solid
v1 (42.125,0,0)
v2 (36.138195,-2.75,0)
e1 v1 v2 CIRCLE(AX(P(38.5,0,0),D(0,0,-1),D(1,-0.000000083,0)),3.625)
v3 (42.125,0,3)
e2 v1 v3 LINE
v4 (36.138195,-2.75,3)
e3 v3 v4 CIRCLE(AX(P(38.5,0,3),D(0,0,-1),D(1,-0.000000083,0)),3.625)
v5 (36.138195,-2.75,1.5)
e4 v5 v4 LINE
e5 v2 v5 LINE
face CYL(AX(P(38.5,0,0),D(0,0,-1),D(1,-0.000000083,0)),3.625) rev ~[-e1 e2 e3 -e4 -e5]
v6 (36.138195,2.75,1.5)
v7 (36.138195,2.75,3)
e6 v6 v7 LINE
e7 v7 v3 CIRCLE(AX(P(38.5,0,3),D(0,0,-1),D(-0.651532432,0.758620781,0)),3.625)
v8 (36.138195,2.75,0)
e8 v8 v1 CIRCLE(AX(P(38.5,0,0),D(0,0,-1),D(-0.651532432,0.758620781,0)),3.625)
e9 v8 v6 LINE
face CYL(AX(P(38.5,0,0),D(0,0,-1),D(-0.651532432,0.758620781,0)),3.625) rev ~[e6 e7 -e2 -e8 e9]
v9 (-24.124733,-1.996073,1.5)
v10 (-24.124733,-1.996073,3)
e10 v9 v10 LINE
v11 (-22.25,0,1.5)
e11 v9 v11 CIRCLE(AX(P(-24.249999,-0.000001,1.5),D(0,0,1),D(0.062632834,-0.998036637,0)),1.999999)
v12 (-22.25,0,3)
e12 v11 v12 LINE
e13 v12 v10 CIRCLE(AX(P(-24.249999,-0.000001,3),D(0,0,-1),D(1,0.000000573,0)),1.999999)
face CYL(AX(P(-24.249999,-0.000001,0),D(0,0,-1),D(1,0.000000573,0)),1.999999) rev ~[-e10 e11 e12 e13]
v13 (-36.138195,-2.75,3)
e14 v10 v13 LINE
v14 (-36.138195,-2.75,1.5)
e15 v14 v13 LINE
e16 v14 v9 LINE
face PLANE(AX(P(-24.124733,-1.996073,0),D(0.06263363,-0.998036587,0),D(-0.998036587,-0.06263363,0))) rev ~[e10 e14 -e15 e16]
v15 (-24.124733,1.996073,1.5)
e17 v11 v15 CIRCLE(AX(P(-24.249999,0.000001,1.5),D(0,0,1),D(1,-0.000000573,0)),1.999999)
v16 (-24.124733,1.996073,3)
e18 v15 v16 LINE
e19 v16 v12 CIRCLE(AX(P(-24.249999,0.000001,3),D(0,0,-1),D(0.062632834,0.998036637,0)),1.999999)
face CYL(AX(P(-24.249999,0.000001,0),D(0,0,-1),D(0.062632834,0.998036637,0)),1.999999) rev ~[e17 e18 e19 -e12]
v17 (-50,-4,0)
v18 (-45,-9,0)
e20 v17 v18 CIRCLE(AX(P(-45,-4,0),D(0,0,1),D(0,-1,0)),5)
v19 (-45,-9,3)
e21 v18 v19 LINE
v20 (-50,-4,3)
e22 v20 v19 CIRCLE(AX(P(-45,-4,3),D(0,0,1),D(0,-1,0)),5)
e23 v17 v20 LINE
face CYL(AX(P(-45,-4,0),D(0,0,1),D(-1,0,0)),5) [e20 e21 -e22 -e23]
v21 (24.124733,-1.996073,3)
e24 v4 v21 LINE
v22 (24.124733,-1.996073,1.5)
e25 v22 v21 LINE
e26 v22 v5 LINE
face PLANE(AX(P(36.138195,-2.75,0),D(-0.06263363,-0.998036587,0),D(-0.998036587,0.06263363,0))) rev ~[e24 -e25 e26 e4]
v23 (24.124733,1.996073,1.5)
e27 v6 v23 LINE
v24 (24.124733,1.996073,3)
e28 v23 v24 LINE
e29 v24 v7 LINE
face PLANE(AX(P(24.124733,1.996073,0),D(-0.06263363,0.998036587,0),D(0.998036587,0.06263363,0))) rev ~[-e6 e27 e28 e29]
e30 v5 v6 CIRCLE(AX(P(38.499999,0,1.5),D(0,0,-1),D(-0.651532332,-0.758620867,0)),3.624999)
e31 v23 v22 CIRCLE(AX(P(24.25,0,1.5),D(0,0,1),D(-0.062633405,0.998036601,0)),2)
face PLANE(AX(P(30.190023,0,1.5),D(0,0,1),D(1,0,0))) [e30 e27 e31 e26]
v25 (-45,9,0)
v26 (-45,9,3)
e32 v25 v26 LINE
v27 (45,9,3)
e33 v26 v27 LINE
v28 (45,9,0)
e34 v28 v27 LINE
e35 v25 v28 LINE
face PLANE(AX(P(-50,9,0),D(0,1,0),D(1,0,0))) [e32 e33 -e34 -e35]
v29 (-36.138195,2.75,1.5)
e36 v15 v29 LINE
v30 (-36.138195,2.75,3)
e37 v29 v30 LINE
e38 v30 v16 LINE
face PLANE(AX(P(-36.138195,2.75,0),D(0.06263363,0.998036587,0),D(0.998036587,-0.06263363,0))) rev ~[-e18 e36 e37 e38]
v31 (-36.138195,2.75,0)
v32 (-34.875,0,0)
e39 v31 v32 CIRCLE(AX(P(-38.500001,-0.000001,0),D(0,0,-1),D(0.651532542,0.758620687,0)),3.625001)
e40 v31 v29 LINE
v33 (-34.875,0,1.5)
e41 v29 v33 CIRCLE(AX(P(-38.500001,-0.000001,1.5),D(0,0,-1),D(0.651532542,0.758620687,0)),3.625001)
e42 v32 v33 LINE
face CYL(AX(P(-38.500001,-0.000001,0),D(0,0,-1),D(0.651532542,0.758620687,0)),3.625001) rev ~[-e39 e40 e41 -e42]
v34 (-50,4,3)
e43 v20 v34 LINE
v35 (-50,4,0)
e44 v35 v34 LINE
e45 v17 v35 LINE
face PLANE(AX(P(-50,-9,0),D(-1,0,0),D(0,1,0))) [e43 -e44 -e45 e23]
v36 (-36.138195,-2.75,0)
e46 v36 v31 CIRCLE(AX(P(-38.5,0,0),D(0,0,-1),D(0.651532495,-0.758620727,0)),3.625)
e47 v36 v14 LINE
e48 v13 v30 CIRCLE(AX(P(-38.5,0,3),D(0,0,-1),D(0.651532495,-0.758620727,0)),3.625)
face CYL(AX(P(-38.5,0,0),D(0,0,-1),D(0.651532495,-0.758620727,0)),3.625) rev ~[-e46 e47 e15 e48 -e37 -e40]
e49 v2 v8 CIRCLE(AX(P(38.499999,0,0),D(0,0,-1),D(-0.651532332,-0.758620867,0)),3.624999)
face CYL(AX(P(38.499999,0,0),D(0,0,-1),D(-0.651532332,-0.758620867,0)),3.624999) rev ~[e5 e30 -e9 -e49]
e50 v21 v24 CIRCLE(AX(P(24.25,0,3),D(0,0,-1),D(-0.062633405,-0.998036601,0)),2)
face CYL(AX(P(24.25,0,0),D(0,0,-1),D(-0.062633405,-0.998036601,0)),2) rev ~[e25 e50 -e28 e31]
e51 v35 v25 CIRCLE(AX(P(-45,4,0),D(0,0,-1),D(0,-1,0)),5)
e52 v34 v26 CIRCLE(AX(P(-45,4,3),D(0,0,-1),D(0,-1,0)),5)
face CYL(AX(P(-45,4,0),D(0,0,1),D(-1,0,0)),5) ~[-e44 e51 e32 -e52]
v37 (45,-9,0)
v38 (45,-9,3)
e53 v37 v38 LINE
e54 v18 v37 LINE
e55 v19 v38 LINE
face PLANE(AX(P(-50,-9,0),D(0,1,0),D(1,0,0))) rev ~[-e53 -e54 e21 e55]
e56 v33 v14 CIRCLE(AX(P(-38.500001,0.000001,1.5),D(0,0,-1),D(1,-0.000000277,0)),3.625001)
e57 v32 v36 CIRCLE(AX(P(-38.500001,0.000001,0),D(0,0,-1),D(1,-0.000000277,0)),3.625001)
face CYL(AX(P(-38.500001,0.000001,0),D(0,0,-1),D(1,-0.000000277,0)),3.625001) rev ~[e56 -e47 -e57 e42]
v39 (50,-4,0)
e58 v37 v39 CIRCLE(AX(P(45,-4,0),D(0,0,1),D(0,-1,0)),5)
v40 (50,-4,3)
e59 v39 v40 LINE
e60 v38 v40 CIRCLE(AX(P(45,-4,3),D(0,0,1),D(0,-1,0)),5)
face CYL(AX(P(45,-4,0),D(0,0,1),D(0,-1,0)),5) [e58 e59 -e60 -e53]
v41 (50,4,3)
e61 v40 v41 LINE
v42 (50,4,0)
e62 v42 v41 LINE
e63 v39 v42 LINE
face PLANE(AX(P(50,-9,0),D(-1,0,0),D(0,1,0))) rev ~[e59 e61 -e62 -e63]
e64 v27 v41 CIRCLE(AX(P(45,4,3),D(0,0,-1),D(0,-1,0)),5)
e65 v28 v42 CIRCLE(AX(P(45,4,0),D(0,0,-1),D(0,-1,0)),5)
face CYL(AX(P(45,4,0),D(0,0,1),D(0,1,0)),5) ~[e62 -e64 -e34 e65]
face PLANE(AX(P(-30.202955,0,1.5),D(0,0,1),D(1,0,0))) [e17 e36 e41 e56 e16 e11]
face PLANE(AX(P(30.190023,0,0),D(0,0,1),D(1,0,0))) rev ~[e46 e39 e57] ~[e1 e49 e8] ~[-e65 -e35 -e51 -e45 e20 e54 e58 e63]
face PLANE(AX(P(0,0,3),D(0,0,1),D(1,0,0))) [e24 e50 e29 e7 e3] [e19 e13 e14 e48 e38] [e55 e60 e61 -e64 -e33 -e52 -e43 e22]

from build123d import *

# Parameters (mm, degrees)
F0_W     = 100
F0_H     = 18
F1_DEPTH = 3
F2_R     = 5
F3_DEPTH = 1.5
F4_DEPTH = 1.5


with BuildPart() as f1:
    # F0 (on Top) → F1 (new body)
    with BuildSketch(Plane.XY):
        Rectangle(F0_W, F0_H)
        with BuildLine():
            ThreePointArc((-36.138195, -2.75), (-42.125, 0), (-36.138195, 2.75))
            Line((-36.138195, 2.75), (-24.124733, 1.996073))
            ThreePointArc((-24.124733, 1.996073), (-22.79217, 1.369209), (-22.25, 0))
            ThreePointArc((-22.25, 0), (-22.79217, -1.369209), (-24.124733, -1.996073))
            Line((-24.124733, -1.996073), (-36.138195, -2.75))
        make_face(mode=Mode.SUBTRACT)
        with BuildLine():
            ThreePointArc((36.138195, 2.75), (40.013123, 3.294098), (42.125, 0))
            ThreePointArc((42.125, 0), (40.013123, -3.294098), (36.138195, -2.75))
            Line((36.138195, -2.75), (24.124733, -1.996073))
            ThreePointArc((24.124733, -1.996073), (22.25, 0), (24.124733, 1.996073))
            Line((24.124733, 1.996073), (36.138195, 2.75))
        make_face(mode=Mode.SUBTRACT)
    extrude(amount=F1_DEPTH)

    # F2
    f2_edges = [f1.edges().sort_by_distance(p)[0] for p in [
        (-50, 9, 1.5),
        (-50, -9, 1.5),
        (50, 9, 1.5),
        (50, -9, 1.5),
    ]]
    fillet(f2_edges, radius=F2_R)

    # F0 (on Top) → F3 (join)
    with BuildSketch(Plane.XY):
        with BuildLine():
            ThreePointArc((-36.138195, 2.75), (-35.205902, 1.513123), (-34.875, 0))
            ThreePointArc((-34.875, 0), (-35.205902, -1.513123), (-36.138195, -2.75))
            Line((-36.138195, -2.75), (-24.124733, -1.996073))
            ThreePointArc((-24.124733, -1.996073), (-26.25, 0), (-24.124733, 1.996073))
            Line((-24.124733, 1.996073), (-36.138195, 2.75))
        make_face()
        with BuildLine():
            ThreePointArc((-22.25, 0), (-22.79217, 1.369209), (-24.124733, 1.996073))
            ThreePointArc((-24.124733, 1.996073), (-26.25, 0), (-24.124733, -1.996073))
            ThreePointArc((-24.124733, -1.996073), (-22.79217, -1.369209), (-22.25, 0))
        make_face()
    extrude(amount=F3_DEPTH)

    # F0 (on Top) → F4 (join)
    with BuildSketch(Plane.XY):
        with BuildLine():
            ThreePointArc((36.138195, -2.75), (34.875, 0), (36.138195, 2.75))
            Line((36.138195, 2.75), (24.124733, 1.996073))
            ThreePointArc((24.124733, 1.996073), (25.619209, 1.45783), (26.25, 0))
            ThreePointArc((26.25, 0), (25.619209, -1.45783), (24.124733, -1.996073))
            Line((24.124733, -1.996073), (36.138195, -2.75))
        make_face()
        with BuildLine():
            ThreePointArc((26.25, 0), (25.619209, 1.45783), (24.124733, 1.996073))
            ThreePointArc((24.124733, 1.996073), (22.25, 0), (24.124733, -1.996073))
            ThreePointArc((24.124733, -1.996073), (25.619209, -1.45783), (26.25, 0))
        make_face()
    extrude(amount=F4_DEPTH)


solid = f1.part
